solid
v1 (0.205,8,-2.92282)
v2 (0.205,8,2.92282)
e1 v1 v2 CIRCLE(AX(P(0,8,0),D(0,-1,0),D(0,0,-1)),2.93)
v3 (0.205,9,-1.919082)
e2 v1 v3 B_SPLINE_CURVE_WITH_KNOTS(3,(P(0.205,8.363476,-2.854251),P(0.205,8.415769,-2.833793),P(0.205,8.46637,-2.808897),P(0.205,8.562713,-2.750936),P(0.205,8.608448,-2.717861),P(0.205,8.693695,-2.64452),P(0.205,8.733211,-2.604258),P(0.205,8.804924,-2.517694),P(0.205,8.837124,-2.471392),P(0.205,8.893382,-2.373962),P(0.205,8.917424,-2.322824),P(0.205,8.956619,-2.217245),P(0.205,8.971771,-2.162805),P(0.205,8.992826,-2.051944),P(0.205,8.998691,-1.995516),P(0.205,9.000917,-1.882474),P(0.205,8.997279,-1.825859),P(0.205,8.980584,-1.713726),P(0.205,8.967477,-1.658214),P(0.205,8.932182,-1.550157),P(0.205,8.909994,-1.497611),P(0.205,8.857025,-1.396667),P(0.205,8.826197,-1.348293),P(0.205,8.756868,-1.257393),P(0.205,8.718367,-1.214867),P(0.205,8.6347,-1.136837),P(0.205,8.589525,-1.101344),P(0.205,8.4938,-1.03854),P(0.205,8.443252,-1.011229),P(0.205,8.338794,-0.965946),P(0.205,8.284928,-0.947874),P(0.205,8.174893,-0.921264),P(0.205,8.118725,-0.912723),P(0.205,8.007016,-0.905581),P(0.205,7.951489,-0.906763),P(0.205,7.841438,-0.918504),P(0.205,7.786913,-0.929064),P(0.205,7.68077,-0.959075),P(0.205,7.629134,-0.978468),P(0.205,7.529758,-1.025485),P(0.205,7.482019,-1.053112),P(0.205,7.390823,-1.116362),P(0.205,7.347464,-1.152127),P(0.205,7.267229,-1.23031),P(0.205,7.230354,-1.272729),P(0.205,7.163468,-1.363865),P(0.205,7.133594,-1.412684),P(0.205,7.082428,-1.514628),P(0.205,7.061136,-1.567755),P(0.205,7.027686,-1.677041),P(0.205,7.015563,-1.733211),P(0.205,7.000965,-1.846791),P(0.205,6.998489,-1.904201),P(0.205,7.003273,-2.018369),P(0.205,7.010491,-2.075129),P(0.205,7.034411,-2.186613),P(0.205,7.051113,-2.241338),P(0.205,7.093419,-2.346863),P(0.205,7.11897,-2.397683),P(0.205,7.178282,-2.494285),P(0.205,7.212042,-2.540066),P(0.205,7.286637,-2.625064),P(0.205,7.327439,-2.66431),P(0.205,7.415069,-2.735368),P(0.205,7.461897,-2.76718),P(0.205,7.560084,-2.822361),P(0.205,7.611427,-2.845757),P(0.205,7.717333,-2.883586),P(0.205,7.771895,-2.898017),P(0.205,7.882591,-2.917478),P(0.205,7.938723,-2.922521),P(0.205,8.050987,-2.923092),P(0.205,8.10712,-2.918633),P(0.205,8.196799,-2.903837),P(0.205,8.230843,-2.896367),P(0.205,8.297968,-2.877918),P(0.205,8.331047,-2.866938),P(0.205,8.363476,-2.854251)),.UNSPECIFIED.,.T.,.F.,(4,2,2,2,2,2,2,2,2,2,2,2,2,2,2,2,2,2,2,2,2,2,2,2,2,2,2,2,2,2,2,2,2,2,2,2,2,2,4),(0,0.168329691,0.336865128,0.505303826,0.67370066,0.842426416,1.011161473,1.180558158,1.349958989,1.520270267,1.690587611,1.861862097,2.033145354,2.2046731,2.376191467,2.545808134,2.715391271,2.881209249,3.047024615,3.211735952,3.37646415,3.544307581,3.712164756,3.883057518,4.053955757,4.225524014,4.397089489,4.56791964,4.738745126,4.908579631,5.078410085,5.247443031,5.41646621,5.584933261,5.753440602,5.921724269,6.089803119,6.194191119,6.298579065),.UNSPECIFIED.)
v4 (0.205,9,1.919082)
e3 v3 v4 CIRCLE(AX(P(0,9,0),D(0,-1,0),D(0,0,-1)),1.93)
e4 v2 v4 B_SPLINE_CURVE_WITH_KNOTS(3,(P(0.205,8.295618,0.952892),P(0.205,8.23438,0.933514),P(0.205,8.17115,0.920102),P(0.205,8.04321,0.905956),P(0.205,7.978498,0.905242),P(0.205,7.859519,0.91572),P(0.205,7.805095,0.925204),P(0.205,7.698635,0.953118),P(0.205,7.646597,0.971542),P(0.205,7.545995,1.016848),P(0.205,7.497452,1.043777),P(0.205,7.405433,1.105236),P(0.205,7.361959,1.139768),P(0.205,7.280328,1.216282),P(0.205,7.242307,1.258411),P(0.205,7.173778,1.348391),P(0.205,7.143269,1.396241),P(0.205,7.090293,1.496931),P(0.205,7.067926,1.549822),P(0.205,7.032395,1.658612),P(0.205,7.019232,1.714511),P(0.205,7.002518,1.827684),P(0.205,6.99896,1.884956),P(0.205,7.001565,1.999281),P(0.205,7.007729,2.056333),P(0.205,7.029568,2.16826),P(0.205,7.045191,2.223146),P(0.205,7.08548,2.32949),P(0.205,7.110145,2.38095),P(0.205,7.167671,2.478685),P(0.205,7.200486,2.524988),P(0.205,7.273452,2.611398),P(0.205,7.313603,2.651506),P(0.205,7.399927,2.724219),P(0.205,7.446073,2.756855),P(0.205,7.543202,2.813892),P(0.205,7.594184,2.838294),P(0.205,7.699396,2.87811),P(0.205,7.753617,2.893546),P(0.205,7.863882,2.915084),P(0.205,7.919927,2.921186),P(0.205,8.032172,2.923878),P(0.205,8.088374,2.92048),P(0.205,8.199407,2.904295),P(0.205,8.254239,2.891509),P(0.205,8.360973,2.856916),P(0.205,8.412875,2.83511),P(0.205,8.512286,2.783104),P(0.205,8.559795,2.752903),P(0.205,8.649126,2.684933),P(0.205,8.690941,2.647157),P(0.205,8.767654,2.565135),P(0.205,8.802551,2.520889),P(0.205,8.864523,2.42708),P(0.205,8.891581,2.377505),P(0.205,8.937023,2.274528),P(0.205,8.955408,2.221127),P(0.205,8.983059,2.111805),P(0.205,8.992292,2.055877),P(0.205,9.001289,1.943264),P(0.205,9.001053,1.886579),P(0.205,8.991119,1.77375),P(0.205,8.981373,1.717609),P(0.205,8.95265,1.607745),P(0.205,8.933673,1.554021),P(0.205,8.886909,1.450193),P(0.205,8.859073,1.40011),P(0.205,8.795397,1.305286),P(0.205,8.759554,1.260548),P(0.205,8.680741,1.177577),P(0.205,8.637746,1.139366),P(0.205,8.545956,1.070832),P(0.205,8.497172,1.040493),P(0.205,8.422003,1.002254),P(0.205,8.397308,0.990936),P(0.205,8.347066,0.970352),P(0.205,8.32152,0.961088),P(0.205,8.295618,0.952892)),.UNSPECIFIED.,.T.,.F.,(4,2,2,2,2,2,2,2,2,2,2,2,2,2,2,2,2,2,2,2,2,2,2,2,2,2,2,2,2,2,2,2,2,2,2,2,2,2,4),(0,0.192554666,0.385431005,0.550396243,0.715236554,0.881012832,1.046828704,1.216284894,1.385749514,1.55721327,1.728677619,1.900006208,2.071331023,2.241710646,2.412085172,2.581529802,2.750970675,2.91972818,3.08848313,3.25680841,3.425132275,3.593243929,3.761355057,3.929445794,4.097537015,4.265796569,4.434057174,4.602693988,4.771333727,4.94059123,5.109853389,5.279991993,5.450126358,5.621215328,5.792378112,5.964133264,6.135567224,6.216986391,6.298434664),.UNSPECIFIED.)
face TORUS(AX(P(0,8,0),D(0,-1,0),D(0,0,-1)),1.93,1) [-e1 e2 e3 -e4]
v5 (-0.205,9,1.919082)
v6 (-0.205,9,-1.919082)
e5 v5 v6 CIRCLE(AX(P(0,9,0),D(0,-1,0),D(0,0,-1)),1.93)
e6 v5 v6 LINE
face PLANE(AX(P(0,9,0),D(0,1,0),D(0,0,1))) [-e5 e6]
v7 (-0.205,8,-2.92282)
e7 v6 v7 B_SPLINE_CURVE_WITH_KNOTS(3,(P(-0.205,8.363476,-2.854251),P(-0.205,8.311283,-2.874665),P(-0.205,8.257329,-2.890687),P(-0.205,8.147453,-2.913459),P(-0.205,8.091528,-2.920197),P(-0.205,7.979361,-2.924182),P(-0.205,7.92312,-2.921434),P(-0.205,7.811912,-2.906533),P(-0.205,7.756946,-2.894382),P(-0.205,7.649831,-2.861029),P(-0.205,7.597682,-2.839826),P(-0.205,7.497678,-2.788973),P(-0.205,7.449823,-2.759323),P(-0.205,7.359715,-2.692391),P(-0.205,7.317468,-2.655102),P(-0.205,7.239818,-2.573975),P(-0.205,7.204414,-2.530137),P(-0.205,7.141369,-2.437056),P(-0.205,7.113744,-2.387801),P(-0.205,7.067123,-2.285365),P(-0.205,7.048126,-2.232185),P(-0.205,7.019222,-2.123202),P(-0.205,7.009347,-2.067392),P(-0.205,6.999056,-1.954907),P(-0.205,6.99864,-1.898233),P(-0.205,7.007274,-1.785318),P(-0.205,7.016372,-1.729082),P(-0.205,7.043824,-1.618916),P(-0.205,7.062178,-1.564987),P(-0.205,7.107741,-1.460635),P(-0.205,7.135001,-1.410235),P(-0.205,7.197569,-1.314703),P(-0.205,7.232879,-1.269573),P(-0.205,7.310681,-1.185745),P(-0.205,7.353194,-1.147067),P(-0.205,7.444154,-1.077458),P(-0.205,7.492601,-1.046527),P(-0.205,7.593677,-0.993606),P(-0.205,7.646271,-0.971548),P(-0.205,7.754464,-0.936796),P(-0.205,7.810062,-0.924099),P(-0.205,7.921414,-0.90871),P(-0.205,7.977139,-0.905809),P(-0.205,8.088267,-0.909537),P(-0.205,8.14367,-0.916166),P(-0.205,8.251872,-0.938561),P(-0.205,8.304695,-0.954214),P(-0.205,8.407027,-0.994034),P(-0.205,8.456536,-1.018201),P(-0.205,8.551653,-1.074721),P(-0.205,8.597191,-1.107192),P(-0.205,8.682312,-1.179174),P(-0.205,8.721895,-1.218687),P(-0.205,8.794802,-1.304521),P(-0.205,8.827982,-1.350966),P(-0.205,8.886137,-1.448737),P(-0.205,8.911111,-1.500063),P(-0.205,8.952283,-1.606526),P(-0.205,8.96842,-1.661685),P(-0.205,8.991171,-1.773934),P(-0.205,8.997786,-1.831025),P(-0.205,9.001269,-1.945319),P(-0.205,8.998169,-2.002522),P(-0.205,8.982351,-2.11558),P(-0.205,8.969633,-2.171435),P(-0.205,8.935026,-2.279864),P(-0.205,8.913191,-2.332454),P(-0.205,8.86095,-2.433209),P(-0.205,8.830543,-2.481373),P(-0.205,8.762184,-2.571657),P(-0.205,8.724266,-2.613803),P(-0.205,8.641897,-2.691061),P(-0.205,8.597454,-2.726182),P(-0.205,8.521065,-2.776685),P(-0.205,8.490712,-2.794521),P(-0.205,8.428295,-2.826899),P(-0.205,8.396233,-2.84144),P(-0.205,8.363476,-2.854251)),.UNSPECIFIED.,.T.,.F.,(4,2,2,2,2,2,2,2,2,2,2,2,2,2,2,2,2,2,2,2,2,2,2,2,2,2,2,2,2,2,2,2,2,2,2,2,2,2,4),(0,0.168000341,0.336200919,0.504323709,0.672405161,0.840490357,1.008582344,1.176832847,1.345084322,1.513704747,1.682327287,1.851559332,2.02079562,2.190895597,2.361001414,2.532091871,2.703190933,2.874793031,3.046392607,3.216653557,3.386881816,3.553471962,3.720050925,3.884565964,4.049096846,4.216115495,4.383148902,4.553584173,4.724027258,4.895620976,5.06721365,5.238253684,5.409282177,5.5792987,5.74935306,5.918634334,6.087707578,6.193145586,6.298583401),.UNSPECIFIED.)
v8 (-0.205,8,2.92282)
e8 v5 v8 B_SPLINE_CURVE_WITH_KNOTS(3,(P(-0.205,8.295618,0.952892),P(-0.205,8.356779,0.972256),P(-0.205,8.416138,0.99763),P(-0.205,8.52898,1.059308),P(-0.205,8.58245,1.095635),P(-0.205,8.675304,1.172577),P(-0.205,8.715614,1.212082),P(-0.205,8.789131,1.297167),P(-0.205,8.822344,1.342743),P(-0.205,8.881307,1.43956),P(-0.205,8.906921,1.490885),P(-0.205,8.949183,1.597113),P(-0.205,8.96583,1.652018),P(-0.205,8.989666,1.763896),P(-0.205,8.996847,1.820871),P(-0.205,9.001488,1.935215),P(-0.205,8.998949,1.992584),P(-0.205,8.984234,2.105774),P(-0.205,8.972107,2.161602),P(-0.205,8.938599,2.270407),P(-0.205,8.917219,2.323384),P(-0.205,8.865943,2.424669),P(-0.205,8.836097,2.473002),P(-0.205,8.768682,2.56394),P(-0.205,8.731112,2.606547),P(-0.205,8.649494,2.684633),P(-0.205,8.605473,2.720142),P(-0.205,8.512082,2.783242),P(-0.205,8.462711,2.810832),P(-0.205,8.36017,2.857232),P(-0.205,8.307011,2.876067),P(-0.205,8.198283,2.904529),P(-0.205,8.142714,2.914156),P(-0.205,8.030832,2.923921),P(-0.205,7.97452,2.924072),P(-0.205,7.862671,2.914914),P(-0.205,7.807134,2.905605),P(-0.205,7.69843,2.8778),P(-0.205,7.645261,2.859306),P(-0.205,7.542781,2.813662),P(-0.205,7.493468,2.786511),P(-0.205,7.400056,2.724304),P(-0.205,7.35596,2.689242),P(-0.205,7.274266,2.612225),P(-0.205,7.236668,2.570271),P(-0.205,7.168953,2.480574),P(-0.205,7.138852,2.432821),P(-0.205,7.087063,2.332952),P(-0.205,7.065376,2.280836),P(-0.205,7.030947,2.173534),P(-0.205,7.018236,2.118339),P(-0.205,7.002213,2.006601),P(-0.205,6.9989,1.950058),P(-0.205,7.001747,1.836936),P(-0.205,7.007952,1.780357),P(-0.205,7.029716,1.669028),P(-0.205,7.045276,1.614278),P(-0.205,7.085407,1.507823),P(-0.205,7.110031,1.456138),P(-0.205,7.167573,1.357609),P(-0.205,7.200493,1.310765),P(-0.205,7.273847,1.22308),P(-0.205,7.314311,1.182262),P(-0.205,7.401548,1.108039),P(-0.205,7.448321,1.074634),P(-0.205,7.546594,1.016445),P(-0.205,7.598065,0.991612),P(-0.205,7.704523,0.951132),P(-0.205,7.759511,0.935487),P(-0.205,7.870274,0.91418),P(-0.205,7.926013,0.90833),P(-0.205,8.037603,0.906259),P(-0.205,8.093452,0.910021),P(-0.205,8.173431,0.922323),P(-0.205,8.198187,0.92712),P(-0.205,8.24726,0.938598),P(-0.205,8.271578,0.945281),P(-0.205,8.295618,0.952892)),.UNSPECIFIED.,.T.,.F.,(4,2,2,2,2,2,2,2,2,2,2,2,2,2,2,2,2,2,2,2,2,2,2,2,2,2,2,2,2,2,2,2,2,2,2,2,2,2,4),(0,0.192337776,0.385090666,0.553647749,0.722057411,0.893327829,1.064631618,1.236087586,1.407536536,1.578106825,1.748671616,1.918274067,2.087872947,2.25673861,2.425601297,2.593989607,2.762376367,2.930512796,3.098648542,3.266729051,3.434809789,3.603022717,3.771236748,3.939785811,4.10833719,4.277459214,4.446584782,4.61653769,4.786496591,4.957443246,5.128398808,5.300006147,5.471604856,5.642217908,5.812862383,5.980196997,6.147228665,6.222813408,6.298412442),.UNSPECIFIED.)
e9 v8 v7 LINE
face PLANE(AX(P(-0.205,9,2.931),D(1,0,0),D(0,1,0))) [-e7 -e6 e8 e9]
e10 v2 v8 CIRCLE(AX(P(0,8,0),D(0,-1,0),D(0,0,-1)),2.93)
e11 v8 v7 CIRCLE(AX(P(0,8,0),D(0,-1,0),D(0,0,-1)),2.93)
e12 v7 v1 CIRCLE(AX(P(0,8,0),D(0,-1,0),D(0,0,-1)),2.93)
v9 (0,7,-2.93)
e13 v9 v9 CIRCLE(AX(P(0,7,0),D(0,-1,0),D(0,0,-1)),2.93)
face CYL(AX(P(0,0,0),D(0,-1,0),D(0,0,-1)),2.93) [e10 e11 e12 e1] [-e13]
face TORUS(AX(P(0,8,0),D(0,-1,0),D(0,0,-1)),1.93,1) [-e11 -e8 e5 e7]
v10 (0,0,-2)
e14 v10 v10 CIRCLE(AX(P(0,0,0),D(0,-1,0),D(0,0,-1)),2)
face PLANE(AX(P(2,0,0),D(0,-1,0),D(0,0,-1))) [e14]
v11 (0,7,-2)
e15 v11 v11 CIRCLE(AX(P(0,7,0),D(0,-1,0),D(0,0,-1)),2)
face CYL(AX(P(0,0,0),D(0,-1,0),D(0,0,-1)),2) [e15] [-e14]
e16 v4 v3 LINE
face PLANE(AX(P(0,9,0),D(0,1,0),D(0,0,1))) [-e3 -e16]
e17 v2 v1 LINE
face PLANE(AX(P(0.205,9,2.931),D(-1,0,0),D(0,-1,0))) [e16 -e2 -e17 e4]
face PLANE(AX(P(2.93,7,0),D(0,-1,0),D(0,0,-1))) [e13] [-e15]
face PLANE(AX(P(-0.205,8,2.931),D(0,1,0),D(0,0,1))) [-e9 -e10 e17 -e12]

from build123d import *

# Parameters (mm, degrees)
CUT_EXTRUDE1_REACH             = 11.908
SKETCH2_W                      = 0.41
SKETCH2_H                      = 1
CUT_EXTRUDE1_DIRECTION_2_REACH = 11.908


with BuildPart() as part:
    # Sketch1 → Revolve1 (revolve)
    with BuildSketch(Plane.XY, mode=Mode.PRIVATE) as revolve1_sk:
        with BuildLine():
            Line((0, 9), (1.93, 9))
            ThreePointArc((1.93, 9), (2.637106781, 8.707106781), (2.93, 8))
            Line((2.93, 8), (2.93, 7))
            Line((2.93, 7), (2, 7))
            Line((2, 7), (2, 0))
            Line((2, 0), (0, 0))
            Line((0, 0), (0, 9))
        make_face()
    revolve(revolve1_sk.sketch.rotate(Axis((0, 0, 0), (0, 1, 0)), 90), axis=Axis((0, 0, 0), (0, 1, 0)))

    # Sketch2 → Cut-Extrude1 (cut, up to next)
    with BuildSketch(Plane.XY, mode=Mode.PRIVATE) as cut_extrude1_sk1:
        with Locations((0, 8.5)):
            Rectangle(SKETCH2_W, SKETCH2_H)
    cut_extrude1_tool1 = extrude(cut_extrude1_sk1.sketch, amount=-CUT_EXTRUDE1_REACH, mode=Mode.PRIVATE) & part.part
    add(cut_extrude1_tool1.solids().sort_by_distance((0, 8.5, 0))[0], mode=Mode.SUBTRACT)

    # Sketch2 → Cut-Extrude1 direction 2 (cut, up to next)
    with BuildSketch(Plane.XY, mode=Mode.PRIVATE) as cut_extrude1_direction_2_sk1:
        with Locations((0, 8.5)):
            Rectangle(SKETCH2_W, SKETCH2_H)
    cut_extrude1_direction_2_tool1 = extrude(cut_extrude1_direction_2_sk1.sketch, amount=CUT_EXTRUDE1_DIRECTION_2_REACH, mode=Mode.PRIVATE) & part.part
    add(cut_extrude1_direction_2_tool1.solids().sort_by_distance((0, 8.5, 0))[0], mode=Mode.SUBTRACT)


solid = part.part
